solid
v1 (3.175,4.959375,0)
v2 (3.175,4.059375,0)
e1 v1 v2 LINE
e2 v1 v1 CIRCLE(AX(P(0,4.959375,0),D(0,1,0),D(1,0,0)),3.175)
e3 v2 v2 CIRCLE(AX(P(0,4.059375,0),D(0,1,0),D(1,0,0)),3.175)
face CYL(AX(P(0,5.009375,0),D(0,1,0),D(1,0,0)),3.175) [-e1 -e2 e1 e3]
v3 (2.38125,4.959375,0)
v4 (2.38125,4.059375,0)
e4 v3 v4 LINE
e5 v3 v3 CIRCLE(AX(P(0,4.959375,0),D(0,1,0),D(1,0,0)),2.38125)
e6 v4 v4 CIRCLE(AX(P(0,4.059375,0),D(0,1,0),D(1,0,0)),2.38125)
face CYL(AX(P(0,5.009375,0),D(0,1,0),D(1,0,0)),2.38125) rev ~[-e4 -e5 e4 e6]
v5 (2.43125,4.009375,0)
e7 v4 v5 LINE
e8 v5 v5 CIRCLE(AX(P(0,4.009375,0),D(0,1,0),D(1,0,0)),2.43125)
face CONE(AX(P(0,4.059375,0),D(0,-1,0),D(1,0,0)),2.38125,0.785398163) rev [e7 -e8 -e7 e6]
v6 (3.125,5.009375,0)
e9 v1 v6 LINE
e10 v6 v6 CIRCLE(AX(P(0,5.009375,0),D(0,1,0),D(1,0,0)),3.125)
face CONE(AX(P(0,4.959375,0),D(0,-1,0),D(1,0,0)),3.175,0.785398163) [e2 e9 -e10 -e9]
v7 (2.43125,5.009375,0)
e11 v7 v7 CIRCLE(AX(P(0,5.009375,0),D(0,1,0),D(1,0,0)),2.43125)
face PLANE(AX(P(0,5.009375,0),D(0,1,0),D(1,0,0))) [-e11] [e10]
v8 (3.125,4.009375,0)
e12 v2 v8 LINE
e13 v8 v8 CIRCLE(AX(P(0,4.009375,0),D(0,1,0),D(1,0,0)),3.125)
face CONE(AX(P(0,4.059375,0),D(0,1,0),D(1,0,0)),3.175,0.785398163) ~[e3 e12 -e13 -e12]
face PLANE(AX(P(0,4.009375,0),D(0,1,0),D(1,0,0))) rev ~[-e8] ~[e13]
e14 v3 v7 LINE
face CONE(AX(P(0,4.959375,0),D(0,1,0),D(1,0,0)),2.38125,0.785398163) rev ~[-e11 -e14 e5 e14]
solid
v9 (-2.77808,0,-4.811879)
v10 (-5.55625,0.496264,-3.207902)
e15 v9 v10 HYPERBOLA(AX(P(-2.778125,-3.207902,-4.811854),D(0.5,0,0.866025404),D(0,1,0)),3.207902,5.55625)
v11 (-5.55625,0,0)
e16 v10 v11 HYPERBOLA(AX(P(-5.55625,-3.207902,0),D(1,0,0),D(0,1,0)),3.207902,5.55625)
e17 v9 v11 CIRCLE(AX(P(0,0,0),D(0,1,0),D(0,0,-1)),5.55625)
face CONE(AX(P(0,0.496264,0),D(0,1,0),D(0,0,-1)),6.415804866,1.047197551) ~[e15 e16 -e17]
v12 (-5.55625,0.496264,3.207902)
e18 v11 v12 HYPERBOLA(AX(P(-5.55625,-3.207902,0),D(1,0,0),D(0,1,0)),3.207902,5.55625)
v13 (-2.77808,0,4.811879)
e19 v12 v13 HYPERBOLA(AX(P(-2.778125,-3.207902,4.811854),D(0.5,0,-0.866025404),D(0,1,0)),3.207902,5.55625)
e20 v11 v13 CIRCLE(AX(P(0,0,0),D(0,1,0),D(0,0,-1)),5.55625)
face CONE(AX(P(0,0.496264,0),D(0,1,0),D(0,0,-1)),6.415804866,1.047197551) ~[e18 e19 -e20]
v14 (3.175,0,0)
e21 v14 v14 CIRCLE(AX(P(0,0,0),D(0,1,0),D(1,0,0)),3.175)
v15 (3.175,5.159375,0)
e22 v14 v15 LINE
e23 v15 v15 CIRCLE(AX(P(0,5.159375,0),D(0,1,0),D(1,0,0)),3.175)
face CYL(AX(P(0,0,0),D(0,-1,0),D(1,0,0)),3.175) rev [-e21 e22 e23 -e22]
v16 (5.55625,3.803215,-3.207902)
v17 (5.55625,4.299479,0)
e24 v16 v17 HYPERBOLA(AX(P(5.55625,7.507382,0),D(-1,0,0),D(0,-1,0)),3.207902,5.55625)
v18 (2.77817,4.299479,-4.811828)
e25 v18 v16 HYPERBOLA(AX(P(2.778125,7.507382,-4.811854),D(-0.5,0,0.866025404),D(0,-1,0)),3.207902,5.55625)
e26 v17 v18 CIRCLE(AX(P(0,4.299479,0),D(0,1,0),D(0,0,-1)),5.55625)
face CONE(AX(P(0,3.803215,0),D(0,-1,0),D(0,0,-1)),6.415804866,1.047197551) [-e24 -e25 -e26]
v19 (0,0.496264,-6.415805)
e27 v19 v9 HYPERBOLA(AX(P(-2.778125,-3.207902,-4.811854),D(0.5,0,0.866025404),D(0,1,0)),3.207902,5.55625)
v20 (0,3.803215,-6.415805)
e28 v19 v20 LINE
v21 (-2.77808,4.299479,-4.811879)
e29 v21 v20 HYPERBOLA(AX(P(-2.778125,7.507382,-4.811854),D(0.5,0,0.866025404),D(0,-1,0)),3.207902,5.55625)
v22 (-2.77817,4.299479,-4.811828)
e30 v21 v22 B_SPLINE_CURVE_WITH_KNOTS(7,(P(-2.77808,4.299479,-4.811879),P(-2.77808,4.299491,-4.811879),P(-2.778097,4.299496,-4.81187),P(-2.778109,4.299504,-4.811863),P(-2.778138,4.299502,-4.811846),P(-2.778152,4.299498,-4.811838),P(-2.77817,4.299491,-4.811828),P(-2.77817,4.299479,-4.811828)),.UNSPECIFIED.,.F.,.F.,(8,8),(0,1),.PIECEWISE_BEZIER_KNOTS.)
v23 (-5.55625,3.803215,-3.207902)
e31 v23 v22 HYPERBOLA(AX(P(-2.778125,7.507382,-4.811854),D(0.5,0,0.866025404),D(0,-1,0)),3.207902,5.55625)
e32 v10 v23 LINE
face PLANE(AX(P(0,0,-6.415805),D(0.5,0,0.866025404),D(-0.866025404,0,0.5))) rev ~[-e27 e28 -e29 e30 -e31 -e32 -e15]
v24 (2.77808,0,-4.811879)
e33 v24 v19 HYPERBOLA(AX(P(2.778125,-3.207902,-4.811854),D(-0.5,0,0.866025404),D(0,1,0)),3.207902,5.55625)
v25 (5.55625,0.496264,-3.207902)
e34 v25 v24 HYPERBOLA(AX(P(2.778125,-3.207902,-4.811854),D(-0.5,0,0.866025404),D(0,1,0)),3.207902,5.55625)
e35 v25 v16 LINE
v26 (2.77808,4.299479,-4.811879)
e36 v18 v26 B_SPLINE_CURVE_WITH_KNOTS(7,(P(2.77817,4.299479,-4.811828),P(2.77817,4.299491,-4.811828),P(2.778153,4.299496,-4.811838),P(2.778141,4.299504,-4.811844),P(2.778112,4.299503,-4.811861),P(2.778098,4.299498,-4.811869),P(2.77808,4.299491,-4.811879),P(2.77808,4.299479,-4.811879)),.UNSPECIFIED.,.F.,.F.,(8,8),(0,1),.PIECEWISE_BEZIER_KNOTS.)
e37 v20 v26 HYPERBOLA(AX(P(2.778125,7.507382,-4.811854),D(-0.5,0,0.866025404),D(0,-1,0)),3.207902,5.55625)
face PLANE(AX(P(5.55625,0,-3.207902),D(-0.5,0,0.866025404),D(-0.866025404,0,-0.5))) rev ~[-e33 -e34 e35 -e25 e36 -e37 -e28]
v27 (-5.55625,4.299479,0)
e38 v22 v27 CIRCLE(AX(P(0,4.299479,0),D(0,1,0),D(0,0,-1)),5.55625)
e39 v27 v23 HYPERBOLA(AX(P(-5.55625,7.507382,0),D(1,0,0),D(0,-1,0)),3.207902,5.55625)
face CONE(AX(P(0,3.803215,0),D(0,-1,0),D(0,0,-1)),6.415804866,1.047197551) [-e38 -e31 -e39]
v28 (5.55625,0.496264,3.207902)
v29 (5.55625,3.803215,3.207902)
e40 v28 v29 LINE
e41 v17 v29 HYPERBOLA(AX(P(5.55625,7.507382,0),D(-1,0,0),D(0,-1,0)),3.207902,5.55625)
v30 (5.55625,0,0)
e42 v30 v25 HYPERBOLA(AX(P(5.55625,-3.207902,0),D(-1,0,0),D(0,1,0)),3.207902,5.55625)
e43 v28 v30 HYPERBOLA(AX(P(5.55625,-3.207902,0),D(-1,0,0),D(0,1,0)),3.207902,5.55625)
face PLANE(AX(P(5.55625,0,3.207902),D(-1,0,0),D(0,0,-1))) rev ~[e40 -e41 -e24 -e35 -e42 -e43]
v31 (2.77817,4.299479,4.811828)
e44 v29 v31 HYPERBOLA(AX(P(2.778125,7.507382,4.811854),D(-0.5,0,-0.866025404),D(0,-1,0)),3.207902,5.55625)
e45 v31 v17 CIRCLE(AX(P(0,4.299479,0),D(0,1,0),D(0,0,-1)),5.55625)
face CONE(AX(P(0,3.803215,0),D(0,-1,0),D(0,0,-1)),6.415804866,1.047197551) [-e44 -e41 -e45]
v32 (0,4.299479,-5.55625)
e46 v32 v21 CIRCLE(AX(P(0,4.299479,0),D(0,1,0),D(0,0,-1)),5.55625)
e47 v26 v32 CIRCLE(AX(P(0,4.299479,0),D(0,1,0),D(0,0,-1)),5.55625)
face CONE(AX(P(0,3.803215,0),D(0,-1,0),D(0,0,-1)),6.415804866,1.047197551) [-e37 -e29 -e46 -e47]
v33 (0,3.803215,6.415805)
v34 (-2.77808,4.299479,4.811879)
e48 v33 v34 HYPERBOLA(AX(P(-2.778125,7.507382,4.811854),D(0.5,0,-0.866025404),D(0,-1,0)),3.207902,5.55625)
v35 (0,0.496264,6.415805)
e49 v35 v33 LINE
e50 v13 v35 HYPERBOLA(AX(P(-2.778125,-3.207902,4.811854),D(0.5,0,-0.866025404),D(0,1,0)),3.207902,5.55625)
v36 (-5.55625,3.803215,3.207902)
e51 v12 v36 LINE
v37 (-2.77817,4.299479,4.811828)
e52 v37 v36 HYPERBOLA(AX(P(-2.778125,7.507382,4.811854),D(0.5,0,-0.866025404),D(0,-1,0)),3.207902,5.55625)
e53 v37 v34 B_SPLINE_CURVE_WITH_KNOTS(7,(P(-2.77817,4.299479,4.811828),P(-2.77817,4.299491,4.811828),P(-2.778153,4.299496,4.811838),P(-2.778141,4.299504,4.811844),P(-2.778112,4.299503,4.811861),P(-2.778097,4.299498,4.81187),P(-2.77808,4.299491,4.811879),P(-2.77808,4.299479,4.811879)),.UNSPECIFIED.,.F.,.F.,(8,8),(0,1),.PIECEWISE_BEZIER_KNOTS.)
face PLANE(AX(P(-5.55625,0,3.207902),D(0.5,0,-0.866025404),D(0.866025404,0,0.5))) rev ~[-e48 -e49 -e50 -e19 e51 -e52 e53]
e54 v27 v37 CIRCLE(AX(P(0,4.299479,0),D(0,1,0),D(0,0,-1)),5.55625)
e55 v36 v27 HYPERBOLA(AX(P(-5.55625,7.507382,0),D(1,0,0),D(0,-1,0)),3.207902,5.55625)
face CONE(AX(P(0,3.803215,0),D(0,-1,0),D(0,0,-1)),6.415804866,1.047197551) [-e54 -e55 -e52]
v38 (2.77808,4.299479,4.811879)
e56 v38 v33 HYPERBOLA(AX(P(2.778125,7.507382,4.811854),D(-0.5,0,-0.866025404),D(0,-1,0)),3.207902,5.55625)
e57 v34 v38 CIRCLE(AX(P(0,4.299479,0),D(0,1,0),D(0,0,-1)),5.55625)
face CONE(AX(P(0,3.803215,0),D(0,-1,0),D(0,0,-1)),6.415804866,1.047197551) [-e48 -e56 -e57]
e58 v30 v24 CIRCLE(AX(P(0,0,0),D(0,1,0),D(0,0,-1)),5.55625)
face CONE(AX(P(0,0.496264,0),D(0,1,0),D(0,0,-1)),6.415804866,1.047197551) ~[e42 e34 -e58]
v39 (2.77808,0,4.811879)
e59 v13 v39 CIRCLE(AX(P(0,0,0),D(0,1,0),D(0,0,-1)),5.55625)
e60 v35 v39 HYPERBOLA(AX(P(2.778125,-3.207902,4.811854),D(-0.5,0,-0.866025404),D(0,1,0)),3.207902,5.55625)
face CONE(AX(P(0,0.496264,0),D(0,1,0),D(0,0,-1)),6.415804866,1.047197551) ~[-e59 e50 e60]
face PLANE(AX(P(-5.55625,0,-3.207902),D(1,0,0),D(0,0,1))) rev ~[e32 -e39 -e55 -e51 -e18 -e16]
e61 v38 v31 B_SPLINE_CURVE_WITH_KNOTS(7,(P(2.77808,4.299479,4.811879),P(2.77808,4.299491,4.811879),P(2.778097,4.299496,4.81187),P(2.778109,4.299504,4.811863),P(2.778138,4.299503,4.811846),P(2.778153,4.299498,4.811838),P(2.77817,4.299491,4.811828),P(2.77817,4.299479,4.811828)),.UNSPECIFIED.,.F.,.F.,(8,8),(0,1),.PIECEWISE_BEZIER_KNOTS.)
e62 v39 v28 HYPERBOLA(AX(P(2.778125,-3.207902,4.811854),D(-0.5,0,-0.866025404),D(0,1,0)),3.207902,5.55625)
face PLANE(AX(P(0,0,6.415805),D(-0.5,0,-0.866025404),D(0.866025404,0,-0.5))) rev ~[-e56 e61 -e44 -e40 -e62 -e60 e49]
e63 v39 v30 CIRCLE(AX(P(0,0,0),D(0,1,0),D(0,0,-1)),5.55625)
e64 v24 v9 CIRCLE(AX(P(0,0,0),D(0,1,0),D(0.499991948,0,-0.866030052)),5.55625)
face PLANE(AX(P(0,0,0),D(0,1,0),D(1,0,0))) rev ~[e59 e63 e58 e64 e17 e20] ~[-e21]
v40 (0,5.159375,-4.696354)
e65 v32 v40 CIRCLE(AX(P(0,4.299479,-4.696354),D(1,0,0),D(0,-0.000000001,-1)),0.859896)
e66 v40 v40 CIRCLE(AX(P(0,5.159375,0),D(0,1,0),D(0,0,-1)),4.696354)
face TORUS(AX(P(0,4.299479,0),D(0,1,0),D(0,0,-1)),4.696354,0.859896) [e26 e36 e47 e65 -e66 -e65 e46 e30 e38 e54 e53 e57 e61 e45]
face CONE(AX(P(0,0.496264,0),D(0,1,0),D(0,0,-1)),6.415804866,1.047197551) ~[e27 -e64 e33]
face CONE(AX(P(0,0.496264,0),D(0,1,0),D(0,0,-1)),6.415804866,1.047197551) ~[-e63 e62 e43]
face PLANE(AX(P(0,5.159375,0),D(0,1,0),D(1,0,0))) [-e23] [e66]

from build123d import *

# Parameters (mm, degrees)
SKETCH1_R           = 3.175
EXTRUDE1_DEPTH      = 5.159375
EXTRUDE_THIN1_START = -0.15
SKETCH3_R           = 3.175
SKETCH3_R_2         = 2.38125
EXTRUDE_THIN1_DEPTH = 1
CHAMFER1_SIZE       = 0.05


with BuildPart() as part:
    # Sketch1 → Extrude1 (new body)
    with BuildSketch(Plane(origin=(0, 0, 0), x_dir=(1, 0, 0), z_dir=(0, 1, 0))):
        Polygon((0, 6.415804866), (-5.55625, 3.207902433), (-5.55625, -3.207902433), (0, -6.415804866), (5.55625, -3.207902433), (5.55625, 3.207902433), align=None)
        Circle(SKETCH1_R, mode=Mode.SUBTRACT)
    extrude(amount=EXTRUDE1_DEPTH)

    # Sketch2 → Cut-Revolve1 (revolve, cut)
    with BuildSketch(Plane(origin=(0, 0, 0), x_dir=(0, 0, -1), z_dir=(1, 0, 0))):
        with BuildLine():
            Line((6.415804866, 5.159375), (6.415804866, 3.803214933))
            Line((6.415804866, 3.803214933), (5.55625, 4.299479167))
            ThreePointArc((5.55625, 4.299479167), (5.304392342, 4.907517342), (4.696354167, 5.159375))
            Line((4.696354167, 5.159375), (6.415804866, 5.159375))
        make_face()
        Polygon((6.415804866, 0.496264233), (5.55625, 0), (6.415804866, 0), align=None)
    revolve(axis=Axis((0, 0, 0), (0, 1, 0)), mode=Mode.SUBTRACT)


with BuildPart() as body_2:
    # Sketch3 → Extrude-Thin1 (new body)
    with BuildSketch(Plane(origin=(0, 5.159375, 0), x_dir=(1, 0, 0), z_dir=(0, 1, 0)).offset(EXTRUDE_THIN1_START)):
        Circle(SKETCH3_R)
        Circle(SKETCH3_R_2, mode=Mode.SUBTRACT)
    extrude(amount=-EXTRUDE_THIN1_DEPTH)

    # Chamfer1
    chamfer1_edges = [body_2.edges().sort_by_distance(p)[0] for p in [
        (-3.175, 5.009375, 0),
        (-3.175, 4.009375, 0),
        (-2.38125, 4.009375, 0),
        (-2.38125, 5.009375, 0),
    ]]
    chamfer(chamfer1_edges, length=CHAMFER1_SIZE)


solid = Compound([part.part, body_2.part])
